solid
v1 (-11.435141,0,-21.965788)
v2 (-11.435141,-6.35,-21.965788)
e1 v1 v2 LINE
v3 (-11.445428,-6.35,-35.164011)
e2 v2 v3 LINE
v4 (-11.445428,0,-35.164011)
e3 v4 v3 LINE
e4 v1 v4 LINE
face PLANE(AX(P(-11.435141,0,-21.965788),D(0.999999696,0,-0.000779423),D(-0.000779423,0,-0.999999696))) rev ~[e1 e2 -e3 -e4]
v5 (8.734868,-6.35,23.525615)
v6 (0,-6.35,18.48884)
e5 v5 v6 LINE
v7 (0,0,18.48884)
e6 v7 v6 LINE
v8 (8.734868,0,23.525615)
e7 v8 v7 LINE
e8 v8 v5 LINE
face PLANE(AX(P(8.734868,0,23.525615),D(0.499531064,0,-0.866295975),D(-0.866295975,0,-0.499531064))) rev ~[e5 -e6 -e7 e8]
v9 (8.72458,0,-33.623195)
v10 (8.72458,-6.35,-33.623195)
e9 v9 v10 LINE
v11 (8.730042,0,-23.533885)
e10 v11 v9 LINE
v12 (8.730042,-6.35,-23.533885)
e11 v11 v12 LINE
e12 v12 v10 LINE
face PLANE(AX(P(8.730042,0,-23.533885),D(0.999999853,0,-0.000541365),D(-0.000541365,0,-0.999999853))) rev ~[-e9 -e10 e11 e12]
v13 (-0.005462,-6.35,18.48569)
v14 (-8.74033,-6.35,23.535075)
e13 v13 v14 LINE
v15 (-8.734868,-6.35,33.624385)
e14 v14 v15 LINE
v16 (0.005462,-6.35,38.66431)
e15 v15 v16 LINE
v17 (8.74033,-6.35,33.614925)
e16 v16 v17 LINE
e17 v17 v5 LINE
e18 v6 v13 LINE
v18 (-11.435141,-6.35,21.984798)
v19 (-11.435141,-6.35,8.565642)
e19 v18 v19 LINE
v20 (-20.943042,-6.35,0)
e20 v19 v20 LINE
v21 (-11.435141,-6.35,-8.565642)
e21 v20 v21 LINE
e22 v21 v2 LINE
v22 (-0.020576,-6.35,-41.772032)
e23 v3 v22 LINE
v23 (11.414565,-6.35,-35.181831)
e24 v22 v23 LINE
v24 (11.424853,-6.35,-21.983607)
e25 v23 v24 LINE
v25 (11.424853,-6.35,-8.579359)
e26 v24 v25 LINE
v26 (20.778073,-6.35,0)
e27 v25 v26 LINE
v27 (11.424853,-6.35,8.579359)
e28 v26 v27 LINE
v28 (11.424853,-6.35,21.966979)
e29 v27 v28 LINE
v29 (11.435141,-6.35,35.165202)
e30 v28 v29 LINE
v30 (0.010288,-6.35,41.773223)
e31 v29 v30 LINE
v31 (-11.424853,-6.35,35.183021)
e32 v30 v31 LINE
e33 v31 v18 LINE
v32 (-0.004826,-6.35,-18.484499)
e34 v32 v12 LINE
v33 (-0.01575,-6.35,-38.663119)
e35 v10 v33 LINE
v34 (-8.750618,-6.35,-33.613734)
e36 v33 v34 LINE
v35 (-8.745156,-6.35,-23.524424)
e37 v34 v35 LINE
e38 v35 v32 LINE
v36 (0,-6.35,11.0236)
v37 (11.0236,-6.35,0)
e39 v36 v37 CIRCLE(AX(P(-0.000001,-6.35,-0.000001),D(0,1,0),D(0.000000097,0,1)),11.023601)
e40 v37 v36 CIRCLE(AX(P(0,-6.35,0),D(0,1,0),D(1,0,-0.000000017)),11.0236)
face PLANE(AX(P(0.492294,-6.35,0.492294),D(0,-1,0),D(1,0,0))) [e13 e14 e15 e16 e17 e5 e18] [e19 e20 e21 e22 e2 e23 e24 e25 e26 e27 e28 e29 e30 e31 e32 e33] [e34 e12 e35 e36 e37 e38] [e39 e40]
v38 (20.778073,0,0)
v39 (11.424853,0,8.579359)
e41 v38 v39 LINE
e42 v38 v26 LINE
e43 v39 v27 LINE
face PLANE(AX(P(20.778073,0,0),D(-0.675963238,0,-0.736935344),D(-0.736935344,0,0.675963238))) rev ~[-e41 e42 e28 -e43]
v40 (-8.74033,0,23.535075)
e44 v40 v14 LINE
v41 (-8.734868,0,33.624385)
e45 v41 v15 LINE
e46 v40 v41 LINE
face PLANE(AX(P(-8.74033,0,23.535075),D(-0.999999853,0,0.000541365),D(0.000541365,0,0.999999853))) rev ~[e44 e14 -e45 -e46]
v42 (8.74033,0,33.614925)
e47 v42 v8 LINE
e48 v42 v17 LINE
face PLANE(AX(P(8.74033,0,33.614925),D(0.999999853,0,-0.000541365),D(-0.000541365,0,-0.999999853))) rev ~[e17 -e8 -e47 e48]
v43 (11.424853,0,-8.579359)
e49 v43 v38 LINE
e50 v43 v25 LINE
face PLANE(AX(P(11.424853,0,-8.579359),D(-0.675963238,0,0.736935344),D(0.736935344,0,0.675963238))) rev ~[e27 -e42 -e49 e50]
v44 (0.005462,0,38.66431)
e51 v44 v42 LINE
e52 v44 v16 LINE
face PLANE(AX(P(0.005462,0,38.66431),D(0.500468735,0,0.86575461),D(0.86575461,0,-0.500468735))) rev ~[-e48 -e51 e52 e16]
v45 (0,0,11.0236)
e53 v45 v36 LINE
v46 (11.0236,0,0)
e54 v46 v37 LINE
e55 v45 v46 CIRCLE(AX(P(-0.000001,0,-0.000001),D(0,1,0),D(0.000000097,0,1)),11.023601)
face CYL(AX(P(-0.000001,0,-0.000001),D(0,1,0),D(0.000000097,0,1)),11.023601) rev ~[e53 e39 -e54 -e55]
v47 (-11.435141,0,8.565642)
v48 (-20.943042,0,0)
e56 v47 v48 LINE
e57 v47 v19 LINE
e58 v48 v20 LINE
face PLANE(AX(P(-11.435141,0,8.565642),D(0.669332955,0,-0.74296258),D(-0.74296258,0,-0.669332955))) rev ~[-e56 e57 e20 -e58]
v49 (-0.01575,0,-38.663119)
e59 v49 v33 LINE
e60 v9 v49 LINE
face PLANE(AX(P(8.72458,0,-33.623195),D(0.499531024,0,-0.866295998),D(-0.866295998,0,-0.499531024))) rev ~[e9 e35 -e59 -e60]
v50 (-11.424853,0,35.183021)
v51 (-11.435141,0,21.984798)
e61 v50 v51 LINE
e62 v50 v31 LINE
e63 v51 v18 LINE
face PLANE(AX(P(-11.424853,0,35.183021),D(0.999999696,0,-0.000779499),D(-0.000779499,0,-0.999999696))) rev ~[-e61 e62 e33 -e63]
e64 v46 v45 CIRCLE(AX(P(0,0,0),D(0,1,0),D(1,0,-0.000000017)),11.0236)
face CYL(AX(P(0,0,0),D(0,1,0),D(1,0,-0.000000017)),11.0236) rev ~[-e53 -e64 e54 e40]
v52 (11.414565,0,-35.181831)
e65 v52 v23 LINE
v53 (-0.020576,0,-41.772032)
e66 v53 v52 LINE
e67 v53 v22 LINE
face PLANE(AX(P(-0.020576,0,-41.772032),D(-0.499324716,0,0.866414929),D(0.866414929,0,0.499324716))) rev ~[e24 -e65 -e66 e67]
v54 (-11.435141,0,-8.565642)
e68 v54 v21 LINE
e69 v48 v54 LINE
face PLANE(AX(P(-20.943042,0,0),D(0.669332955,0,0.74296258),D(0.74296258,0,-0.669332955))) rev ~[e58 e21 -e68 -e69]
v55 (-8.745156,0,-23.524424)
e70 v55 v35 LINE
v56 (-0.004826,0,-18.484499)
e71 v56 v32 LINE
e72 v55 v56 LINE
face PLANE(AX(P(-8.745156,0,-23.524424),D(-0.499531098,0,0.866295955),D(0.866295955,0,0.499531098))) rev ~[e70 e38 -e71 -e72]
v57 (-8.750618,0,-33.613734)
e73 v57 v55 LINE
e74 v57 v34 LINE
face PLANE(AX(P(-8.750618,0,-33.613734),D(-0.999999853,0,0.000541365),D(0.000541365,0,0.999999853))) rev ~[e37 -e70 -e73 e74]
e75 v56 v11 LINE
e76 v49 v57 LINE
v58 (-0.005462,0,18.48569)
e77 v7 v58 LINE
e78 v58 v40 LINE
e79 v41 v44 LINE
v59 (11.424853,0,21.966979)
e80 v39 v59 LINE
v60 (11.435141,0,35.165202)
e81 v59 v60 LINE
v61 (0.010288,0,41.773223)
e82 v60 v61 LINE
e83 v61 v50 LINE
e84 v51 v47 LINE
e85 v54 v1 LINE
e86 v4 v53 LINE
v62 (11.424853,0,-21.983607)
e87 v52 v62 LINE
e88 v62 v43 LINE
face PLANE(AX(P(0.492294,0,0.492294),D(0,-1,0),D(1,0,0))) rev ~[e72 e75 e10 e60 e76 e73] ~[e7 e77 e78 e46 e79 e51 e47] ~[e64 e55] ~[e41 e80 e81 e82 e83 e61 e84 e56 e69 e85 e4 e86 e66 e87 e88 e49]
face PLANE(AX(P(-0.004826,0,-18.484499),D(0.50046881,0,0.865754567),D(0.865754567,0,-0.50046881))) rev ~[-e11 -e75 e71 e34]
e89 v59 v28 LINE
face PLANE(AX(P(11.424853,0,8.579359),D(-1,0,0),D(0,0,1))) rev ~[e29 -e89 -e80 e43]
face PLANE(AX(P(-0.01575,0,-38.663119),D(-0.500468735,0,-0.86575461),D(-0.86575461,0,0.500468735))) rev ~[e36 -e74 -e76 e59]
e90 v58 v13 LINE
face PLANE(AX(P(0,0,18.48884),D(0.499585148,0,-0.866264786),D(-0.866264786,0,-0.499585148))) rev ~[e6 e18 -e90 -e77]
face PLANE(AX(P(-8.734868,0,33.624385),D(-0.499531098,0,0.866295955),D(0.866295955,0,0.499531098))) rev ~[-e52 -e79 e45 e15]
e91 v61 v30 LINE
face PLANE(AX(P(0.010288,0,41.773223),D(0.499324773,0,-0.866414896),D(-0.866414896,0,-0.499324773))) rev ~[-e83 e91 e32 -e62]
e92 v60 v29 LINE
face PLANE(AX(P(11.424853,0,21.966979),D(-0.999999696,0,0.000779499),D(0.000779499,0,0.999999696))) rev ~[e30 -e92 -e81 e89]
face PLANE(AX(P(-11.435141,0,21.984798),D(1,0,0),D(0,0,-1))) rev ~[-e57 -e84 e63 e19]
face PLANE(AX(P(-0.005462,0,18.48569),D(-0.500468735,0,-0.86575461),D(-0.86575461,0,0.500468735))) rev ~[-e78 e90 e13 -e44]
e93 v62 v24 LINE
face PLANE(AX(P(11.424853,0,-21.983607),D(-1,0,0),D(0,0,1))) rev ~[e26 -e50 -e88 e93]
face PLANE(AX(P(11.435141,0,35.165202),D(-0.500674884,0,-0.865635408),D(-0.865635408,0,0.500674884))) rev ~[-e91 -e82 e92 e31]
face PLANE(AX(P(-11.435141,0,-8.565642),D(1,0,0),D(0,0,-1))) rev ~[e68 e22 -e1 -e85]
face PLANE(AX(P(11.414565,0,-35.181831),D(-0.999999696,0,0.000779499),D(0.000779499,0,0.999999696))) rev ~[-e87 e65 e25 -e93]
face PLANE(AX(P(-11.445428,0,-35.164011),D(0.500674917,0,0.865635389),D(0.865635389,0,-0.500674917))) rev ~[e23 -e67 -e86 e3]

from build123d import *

# Parameters (mm, degrees)
F1_DEPTH = 6.35


with BuildPart() as f1:
    # F0 (on Front) → F1 (new body)
    with BuildSketch(Plane.XZ):
        with BuildLine():
            ThreePointArc((0, 11.0236), (-7.794862, -7.794862), (11.0236, 0))
            ThreePointArc((11.0236, 0), (7.794862, 7.794862), (0, 11.0236))
        make_face()
        with BuildLine():
            ThreePointArc((11.424853, 8.579359), (6.385729, 12.781045), (0, 14.2875))
            ThreePointArc((0, 14.2875), (-6.393397, 12.777211), (-11.435141, 8.565642))
            ThreePointArc((-11.435141, 8.565642), (-14.2875, 0), (-11.435141, -8.565642))
            ThreePointArc((-11.435141, -8.565642), (-0.008573, -14.287497), (11.424853, -8.579359))
            ThreePointArc((11.424853, -8.579359), (13.552956, -4.522172), (14.2875, 0))
            ThreePointArc((14.2875, 0), (13.552956, 4.522172), (11.424853, 8.579359))
        make_face()
        with BuildLine():
            ThreePointArc((0, 11.0236), (7.794862, 7.794862), (11.0236, 0))
            ThreePointArc((11.0236, 0), (-7.794862, -7.794862), (0, 11.0236))
        make_face(mode=Mode.SUBTRACT)
        with BuildLine():
            ThreePointArc((-11.435141, 8.565642), (-6.393397, 12.777211), (0, 14.2875))
            Line((0, 14.2875), (0, 15.382706))
            Line((0, 15.382706), (-0.010288, 15.376777))
            Line((-0.010288, 15.376777), (-11.435141, 21.984798))
            Line((-11.435141, 21.984798), (-11.435141, 8.565642))
        make_face()
        with BuildLine():
            Line((0, 15.382706), (0, 14.2875))
            ThreePointArc((0, 14.2875), (6.385729, 12.781045), (11.424853, 8.579359))
            Line((11.424853, 8.579359), (11.424853, 21.966979))
            Line((11.424853, 21.966979), (0, 15.382706))
        make_face()
        with BuildLine():
            Line((20.778073, 0), (11.424853, 8.579359))
            ThreePointArc((11.424853, 8.579359), (13.552956, 4.522172), (14.2875, 0))
            ThreePointArc((14.2875, 0), (13.552956, -4.522172), (11.424853, -8.579359))
            Line((11.424853, -8.579359), (20.778073, 0))
        make_face()
        with BuildLine():
            ThreePointArc((-11.435141, -8.565642), (-14.2875, 0), (-11.435141, 8.565642))
            Line((-11.435141, 8.565642), (-20.943042, 0))
            Line((-20.943042, 0), (-11.435141, -8.565642))
        make_face()
        Polygon((-0.005462, 18.48569), (0, 18.48884), (8.734868, 23.525615), (8.74033, 33.614925), (0.005462, 38.66431), (-8.734868, 33.624385), (-8.74033, 23.535075), align=None)
        Polygon((-0.010288, 15.376777), (0, 15.382706), (11.424853, 21.966979), (11.435141, 35.165202), (0.010288, 41.773223), (-11.424853, 35.183021), (-11.435141, 21.984798), align=None)
        Polygon((8.734868, 23.525615), (0, 18.48884), (-0.005462, 18.48569), (-8.74033, 23.535075), (-8.734868, 33.624385), (0.005462, 38.66431), (8.74033, 33.614925), align=None, mode=Mode.SUBTRACT)
        with BuildLine():
            ThreePointArc((11.424853, -8.579359), (-0.008573, -14.287497), (-11.435141, -8.565642))
            Line((-11.435141, -8.565642), (-11.435141, -21.965788))
            Line((-11.435141, -21.965788), (0, -15.375586))
            Line((0, -15.375586), (11.424853, -21.983607))
            Line((11.424853, -21.983607), (11.424853, -8.579359))
        make_face()
        Polygon((0, -15.375586), (-11.435141, -21.965788), (-11.445428, -35.164011), (-0.020576, -41.772032), (11.414565, -35.181831), (11.424853, -21.983607), align=None)
        Polygon((-0.004826, -18.484499), (8.730042, -23.533885), (8.72458, -33.623195), (-0.01575, -38.663119), (-8.750618, -33.613734), (-8.745156, -23.524424), align=None, mode=Mode.SUBTRACT)
    extrude(amount=F1_DEPTH)


solid = f1.part
